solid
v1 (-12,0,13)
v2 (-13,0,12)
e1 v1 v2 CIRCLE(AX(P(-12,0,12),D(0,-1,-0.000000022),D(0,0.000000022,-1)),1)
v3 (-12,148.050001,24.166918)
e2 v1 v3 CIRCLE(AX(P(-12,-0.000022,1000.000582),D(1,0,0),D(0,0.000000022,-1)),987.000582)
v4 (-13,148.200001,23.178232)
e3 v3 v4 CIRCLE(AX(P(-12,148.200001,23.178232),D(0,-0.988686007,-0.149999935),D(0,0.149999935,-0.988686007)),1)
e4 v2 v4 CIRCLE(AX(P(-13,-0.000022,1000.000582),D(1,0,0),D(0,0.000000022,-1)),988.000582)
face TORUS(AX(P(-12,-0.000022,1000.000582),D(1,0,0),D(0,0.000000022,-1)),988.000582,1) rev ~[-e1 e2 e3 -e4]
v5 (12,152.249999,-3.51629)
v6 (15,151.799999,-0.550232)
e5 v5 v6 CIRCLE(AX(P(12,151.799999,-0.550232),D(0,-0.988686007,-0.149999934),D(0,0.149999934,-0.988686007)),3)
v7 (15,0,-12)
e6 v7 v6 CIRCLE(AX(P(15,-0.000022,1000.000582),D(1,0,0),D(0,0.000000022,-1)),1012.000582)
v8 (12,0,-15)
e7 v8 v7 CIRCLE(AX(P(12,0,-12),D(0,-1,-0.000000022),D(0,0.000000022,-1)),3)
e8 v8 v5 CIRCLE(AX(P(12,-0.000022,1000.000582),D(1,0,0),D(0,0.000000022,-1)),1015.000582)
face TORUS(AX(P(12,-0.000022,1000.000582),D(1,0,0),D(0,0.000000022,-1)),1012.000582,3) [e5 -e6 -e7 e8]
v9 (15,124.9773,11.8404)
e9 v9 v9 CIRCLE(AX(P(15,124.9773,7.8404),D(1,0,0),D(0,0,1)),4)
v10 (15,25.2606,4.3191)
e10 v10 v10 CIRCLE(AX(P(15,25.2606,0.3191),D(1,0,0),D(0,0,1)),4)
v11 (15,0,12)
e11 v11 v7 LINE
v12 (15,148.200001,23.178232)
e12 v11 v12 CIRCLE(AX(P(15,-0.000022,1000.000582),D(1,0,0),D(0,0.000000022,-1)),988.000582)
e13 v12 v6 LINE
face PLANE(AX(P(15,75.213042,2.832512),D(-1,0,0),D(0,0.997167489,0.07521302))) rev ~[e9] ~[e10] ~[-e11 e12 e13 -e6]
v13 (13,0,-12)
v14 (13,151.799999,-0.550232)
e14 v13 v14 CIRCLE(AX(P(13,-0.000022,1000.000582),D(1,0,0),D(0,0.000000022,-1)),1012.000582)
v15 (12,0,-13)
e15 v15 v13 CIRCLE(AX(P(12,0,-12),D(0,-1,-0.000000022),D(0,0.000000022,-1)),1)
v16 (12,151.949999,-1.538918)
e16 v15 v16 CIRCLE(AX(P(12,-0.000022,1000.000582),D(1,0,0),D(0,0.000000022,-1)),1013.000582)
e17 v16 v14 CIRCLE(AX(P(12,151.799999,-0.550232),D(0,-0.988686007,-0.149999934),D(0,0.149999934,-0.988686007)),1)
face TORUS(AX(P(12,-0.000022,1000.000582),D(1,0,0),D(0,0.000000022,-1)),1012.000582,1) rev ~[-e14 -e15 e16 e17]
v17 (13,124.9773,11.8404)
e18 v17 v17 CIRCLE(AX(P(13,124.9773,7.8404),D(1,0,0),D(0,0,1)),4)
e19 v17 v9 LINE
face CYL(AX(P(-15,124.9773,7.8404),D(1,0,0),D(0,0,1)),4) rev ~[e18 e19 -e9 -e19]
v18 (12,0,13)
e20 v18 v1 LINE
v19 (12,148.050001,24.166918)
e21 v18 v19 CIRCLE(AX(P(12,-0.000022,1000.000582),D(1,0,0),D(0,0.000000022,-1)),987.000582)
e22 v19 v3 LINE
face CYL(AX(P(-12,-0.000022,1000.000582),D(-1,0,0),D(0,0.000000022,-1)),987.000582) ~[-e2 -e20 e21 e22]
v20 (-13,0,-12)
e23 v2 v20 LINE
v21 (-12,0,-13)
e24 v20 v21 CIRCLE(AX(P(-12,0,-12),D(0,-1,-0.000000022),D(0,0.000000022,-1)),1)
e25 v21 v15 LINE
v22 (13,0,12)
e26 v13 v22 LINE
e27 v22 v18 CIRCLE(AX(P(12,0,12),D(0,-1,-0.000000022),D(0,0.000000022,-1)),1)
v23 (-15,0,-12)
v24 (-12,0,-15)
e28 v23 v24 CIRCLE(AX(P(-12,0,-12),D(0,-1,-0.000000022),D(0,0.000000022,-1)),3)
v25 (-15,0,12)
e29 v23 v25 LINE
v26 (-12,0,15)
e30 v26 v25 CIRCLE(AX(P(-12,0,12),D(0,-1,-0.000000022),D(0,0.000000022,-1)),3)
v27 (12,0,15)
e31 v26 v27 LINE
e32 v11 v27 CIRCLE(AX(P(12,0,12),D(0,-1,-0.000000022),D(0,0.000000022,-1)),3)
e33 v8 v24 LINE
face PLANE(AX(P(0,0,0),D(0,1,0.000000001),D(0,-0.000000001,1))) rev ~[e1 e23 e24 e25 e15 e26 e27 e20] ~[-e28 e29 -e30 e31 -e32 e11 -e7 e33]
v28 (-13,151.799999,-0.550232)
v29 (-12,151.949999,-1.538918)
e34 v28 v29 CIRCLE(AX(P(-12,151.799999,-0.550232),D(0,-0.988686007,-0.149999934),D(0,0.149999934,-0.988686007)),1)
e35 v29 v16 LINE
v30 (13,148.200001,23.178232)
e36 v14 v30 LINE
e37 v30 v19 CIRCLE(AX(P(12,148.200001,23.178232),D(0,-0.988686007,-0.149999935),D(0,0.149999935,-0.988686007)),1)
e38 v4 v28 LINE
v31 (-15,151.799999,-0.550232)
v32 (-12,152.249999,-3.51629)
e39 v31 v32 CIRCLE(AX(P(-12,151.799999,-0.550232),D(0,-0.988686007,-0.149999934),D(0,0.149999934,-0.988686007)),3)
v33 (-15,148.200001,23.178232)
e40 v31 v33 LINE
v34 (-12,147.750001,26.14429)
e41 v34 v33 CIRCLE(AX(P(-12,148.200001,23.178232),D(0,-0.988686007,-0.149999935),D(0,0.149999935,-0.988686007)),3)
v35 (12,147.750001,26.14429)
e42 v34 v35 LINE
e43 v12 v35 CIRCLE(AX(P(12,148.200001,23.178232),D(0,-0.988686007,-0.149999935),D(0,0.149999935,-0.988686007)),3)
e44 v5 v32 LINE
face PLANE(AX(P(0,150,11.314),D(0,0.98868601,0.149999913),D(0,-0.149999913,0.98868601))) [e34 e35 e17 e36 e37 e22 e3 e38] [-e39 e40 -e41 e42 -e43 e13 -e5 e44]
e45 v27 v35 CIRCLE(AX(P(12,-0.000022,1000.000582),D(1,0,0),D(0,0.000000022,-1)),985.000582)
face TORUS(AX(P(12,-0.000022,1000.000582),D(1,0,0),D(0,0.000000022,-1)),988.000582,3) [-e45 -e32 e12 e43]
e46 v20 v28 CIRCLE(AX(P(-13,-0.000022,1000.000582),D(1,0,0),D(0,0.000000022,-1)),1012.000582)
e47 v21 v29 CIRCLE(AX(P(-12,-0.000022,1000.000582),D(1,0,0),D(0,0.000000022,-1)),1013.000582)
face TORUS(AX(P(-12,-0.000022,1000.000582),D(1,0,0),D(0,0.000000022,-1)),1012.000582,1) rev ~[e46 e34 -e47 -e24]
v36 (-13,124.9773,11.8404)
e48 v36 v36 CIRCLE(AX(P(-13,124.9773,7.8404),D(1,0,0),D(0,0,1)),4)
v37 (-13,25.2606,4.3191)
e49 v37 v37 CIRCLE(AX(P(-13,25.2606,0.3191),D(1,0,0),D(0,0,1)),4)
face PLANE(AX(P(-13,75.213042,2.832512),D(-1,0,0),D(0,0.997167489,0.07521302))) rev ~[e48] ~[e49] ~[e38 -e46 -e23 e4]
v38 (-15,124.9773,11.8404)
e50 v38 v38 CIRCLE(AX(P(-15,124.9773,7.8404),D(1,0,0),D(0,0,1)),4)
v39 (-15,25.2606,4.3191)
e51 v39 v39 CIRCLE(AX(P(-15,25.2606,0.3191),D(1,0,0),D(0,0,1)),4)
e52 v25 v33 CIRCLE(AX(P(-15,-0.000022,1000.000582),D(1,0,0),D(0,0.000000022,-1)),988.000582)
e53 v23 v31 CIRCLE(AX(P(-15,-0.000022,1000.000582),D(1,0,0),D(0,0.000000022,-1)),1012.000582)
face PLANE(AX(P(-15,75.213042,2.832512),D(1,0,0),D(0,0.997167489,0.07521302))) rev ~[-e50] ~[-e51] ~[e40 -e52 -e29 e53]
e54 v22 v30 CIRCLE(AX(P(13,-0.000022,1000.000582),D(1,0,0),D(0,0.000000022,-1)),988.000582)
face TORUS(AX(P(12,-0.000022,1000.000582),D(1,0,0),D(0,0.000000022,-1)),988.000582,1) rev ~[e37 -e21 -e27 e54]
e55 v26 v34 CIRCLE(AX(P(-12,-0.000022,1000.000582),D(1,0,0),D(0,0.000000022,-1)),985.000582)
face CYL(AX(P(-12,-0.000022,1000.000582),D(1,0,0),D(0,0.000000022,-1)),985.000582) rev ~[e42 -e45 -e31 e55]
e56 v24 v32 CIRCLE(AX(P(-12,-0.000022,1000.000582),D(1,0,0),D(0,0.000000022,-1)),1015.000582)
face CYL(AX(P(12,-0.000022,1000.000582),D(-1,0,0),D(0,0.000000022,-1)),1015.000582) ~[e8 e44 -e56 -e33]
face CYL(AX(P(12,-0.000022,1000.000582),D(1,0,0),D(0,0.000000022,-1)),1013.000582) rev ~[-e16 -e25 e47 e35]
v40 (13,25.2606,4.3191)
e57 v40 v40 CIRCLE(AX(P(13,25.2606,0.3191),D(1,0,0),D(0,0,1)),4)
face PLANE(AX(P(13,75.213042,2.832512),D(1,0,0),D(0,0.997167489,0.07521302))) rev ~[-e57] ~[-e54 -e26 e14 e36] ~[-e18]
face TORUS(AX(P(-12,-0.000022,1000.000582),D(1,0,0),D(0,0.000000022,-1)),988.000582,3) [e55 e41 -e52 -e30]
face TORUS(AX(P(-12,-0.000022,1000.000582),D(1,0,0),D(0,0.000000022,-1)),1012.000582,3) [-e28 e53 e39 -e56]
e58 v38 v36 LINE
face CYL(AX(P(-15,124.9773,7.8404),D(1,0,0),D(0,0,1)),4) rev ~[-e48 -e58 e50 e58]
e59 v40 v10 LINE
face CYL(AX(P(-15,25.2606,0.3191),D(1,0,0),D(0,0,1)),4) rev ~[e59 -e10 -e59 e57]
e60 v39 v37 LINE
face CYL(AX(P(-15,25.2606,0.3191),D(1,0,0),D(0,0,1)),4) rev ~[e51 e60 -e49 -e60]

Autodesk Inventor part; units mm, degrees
ref_plane "YZ Plane" through (0, 0, 0) normal (1, 0, 0) x (0, 1, 0)
ref_plane "XZ Plane" through (0, 0, 0) normal (0, 1, 0) x (-1, 0, 0)
sketch "Sketch1" plane through (0, 0, 0) normal (0, 1, 0) x (-1, 0, 0)
  line L0 (-12, 14) -> (12, 14) construction
  line L1 (14, 12) -> (14, -12) construction
  line L2 (12, -14) -> (-12, -14) construction
  line L3 (-14, -12) -> (-14, 12) construction
  line L4 (-14, 14) -> (14, -14) construction
  line L5 (14, 14) -> (-14, -14) construction
  arc A0 (14, 12) -> (12, 14) centre (12, 12) ccw construction
  arc A1 (12, -14) -> (14, -12) centre (12, -12) ccw construction
  arc A2 (-14, -12) -> (-12, -14) centre (-12, -12) ccw construction
  arc A3 (-12, 14) -> (-14, 12) centre (-12, 12) ccw construction
  line L6 (-12, -15) -> (12, -15)
  arc A4 (12, -15) -> (15, -12) centre (12, -12) ccw
  line L7 (15, -12) -> (15, 12)
  arc A5 (15, 12) -> (12, 15) centre (12, 12) ccw
  line L8 (12, 15) -> (-12, 15)
  arc A6 (-12, 15) -> (-15, 12) centre (-12, 12) ccw
  line L9 (-15, 12) -> (-15, -12)
  arc A7 (-15, -12) -> (-12, -15) centre (-12, -12) ccw
  line L10 (13, -12) -> (13, 12)
  arc A8 (13, 12) -> (12, 13) centre (12, 12) ccw
  line L11 (12, 13) -> (-12, 13)
  arc A9 (-12, 13) -> (-13, 12) centre (-12, 12) ccw
  line L12 (-13, 12) -> (-13, -12)
  arc A10 (-13, -12) -> (-12, -13) centre (-12, -12) ccw
  line L13 (-12, -13) -> (12, -13)
  arc A11 (12, -13) -> (13, -12) centre (12, -12) ccw
  point P0 (0, 0)
  point P1 (0, 0)
  point P2 (0, 0)
  dimension "d10" = 2
  dimension "depth" = 30
  dimension "width" = 30
  dimension "thickness" = 2
sketch "Sketch3" plane through (0, 0, 0) normal (1, 0, 0) x (0, 1, 0)
  line L0 (0, 0) -> (0, 2000) construction
  arc A0 (0, 0) -> (150, 11.314) centre (0, 1000) ccw
  line L1 (0, -403.3894) -> (0, 2400.5649) projected
  line L2 (-30.3433, 0) -> (182.0598, 0) projected
  line L3 (0, 1000) -> (151.7165, 0) construction
  dimension "d30" = 2000
  dimension "d31" = 1000
  dimension "d61" = 150
sweep "Sweep1" add profiles "Sketch1" path "Sketch3" path curves A0
ref_plane "Work Plane3" through (-12, 0, 1000) normal (0, -0.9972, -0.0752) x (1, 0, 0)
sketch "Sketch5" plane through (-15, 0, 1000) normal (-1, 0, 0) x (0, 0.9972, 0.0752)
  arc A0 (75.213, 997.1675) -> (-75.213, 997.1675) centre (0, 0) ccw construction
  line L0 (0, 0) -> (0, 1000) construction
  point P0 (-50, 998.7492)
  point P1 (50, 998.7492)
  dimension "d64" = 100
hole "Hole3" at (-15, 124.9773, 7.8404) at (-15, 25.2606, 0.3191) direction (1, 0, 0) diameter 8 depth 40 tip angle 118
equation "\"d10\" = thickness"
equation "\"d31\" = 0.5 * d30"
properties part number "podest duzy profil 7" material "Steel"
